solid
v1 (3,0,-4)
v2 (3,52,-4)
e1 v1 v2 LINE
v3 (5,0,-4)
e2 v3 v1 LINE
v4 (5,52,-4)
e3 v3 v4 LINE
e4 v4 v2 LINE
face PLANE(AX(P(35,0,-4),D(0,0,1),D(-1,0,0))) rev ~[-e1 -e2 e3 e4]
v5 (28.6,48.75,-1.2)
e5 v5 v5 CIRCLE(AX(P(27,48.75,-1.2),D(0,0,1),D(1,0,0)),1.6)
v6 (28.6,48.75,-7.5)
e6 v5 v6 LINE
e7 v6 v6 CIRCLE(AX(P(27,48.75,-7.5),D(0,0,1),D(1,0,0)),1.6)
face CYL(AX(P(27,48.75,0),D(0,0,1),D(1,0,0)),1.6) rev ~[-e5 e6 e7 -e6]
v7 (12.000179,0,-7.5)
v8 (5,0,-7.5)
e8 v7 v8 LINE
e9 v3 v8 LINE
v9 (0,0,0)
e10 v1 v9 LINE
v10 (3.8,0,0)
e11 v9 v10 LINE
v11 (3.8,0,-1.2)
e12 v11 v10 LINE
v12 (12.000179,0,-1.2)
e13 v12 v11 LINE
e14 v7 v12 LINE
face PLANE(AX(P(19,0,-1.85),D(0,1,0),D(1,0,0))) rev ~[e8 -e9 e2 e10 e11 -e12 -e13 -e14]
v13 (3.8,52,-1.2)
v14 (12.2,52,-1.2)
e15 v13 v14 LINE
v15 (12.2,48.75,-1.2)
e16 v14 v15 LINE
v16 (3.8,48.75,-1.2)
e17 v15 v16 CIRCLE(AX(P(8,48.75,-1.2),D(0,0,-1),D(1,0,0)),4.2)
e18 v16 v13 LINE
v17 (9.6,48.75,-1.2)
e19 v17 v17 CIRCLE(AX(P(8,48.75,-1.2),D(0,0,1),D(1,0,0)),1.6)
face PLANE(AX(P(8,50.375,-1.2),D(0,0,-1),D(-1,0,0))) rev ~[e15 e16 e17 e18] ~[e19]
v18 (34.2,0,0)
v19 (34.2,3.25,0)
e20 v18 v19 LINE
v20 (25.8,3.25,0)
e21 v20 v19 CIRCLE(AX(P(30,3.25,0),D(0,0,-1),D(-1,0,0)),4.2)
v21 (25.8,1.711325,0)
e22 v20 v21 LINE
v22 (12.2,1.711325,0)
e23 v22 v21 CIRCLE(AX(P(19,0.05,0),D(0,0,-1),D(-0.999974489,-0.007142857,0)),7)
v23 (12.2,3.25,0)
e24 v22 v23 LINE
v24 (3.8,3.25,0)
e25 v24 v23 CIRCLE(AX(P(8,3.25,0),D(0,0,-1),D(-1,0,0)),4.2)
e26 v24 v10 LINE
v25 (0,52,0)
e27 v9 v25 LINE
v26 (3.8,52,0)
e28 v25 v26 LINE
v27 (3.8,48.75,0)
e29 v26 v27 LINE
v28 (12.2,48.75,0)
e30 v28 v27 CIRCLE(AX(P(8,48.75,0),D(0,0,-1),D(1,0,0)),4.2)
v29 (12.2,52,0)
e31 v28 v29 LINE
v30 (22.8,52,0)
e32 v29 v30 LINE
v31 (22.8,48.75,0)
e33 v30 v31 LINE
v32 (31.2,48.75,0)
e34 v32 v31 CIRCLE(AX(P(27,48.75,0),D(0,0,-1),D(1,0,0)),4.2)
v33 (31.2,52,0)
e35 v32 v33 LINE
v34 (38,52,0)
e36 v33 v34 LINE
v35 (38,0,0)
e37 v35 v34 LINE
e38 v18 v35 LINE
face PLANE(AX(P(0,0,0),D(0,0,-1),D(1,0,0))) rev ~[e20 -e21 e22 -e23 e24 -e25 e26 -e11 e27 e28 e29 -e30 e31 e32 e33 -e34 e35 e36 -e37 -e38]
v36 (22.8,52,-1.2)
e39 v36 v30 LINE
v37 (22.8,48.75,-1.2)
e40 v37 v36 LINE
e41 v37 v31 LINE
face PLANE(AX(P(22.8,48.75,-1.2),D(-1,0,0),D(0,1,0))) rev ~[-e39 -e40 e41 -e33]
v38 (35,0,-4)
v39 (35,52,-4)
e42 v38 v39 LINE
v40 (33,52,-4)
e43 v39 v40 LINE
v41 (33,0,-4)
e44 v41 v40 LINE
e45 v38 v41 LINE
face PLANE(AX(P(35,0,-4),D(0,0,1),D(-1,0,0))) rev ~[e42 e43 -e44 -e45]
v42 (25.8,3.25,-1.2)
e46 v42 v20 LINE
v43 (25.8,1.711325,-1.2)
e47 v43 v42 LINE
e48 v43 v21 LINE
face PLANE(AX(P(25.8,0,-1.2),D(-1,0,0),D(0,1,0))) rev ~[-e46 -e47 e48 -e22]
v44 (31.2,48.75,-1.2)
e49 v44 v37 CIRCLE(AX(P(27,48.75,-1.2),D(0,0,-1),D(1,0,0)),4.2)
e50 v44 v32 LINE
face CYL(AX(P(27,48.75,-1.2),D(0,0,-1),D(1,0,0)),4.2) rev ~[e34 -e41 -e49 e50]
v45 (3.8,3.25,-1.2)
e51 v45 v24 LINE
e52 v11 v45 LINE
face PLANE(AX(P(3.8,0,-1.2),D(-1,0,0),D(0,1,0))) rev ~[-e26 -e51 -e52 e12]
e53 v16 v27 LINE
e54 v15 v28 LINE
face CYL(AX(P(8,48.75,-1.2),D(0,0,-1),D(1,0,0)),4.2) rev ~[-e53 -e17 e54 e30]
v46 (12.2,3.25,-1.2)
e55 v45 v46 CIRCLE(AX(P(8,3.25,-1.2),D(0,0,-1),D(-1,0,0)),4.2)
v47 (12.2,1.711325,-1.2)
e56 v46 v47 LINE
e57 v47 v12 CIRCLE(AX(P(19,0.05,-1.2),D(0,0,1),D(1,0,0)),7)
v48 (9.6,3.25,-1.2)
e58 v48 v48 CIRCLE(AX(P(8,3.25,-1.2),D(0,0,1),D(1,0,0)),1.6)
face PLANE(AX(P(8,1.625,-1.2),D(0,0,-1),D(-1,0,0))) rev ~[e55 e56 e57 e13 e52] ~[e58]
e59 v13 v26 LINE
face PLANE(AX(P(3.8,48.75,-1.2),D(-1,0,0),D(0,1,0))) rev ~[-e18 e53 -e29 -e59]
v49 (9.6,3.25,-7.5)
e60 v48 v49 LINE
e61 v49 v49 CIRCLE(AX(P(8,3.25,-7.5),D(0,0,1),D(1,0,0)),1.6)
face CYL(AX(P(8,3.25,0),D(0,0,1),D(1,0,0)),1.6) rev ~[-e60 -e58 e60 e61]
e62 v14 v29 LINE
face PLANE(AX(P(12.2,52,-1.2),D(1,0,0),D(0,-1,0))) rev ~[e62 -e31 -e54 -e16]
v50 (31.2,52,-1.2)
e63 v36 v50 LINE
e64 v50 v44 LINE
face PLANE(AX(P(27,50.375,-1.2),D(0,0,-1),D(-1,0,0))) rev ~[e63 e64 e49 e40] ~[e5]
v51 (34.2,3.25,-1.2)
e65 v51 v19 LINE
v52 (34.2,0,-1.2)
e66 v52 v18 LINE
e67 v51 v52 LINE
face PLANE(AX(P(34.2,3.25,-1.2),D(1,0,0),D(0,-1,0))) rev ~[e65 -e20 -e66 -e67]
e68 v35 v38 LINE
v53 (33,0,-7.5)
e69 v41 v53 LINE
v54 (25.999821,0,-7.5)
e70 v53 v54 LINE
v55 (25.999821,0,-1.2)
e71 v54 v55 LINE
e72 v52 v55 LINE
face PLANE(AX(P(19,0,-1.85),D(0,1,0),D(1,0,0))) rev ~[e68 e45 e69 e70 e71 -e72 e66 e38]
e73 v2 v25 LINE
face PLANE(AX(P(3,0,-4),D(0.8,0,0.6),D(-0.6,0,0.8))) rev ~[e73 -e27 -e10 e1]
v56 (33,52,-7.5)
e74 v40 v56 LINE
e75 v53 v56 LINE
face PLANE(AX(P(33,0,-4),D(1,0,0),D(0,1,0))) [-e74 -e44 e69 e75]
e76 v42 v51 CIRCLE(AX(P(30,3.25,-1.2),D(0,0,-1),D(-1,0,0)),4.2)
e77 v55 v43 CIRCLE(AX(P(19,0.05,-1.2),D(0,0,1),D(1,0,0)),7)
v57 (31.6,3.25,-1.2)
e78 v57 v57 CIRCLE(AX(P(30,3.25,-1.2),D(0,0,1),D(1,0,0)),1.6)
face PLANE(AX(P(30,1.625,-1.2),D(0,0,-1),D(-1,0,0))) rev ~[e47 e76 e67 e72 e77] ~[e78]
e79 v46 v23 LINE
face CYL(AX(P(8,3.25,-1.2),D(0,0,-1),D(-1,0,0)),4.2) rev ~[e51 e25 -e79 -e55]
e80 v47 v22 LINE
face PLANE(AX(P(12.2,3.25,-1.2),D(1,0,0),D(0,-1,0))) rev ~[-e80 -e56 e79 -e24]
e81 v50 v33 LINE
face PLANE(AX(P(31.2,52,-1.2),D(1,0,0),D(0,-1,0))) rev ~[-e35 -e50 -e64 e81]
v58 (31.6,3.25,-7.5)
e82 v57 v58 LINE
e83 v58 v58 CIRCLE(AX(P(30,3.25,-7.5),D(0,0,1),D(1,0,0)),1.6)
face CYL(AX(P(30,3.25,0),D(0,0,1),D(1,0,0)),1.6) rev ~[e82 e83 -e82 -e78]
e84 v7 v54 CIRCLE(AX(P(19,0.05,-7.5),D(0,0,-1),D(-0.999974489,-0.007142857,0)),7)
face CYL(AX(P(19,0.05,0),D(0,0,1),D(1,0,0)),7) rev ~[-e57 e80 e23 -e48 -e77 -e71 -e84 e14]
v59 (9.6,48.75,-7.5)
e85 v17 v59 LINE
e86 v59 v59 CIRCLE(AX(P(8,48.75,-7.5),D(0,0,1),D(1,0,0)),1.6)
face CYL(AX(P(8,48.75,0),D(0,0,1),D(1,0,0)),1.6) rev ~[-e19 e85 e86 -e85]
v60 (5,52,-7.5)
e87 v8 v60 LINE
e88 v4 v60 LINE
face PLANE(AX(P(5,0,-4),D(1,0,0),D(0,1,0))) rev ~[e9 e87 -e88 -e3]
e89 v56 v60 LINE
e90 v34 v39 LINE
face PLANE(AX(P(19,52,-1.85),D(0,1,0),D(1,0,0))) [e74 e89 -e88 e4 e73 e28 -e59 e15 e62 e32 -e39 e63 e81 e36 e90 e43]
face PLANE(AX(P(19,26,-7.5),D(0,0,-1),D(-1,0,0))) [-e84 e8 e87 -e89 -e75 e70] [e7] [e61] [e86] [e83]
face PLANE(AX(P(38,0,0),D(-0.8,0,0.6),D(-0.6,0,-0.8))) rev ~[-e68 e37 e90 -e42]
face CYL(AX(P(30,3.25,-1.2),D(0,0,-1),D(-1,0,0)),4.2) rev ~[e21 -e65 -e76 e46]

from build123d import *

# Parameters (mm, degrees)
EXTRUDE_1_DEPTH     = 52
SKETCH_3_W          = 28
SKETCH_3_H          = 52
EXTRUDE_2_DEPTH     = 3.5
CUT_EXTRUDE_1_REACH = 66.84
SKETCH_4_R          = 1.6
SKETCH_6_R          = 7
CUT_EXTRUDE_2_DEPTH = 65.840188155
SKETCH_7_R          = 4
CUT_EXTRUDE_3_DEPTH = 1.2
CUT_EXTRUDE_4_REACH = 66.712


with BuildPart() as part:
    # 草图2 → 凸台-拉伸1 (new body)
    with BuildSketch(Plane(origin=(0, 0, 0), x_dir=(1, 0, 0), z_dir=(0, 1, 0))):
        Polygon((0, 0), (38, 0), (35, 4), (3, 4), align=None)
    extrude(amount=EXTRUDE_1_DEPTH)

    # 草图3 → 凸台-拉伸2 (add)
    with BuildSketch(Plane(origin=(0, 0, -4), x_dir=(-1, 0, 0), z_dir=(0, 0, -1))):
        with Locations((-19, 26)):
            Rectangle(SKETCH_3_W, SKETCH_3_H)
    extrude(amount=EXTRUDE_2_DEPTH)

    # 草图4 → 切除-拉伸1 (cut, up to next)
    with BuildSketch(Plane.XY, mode=Mode.PRIVATE) as cut_extrude_1_sk1:
        with Locations((8, 3.25)):
            Circle(SKETCH_4_R)
    cut_extrude_1_tool1 = extrude(cut_extrude_1_sk1.sketch, amount=-CUT_EXTRUDE_1_REACH, mode=Mode.PRIVATE) & part.part
    # 草图4 → 切除-拉伸1 (cut, up to next)
    with BuildSketch(Plane.XY, mode=Mode.PRIVATE) as cut_extrude_1_sk2:
        with Locations((30, 3.25)):
            Circle(SKETCH_4_R)
    cut_extrude_1_tool2 = extrude(cut_extrude_1_sk2.sketch, amount=-CUT_EXTRUDE_1_REACH, mode=Mode.PRIVATE) & part.part
    # 草图4 → 切除-拉伸1 (cut, up to next)
    with BuildSketch(Plane.XY, mode=Mode.PRIVATE) as cut_extrude_1_sk3:
        with Locations((8, 48.75)):
            Circle(SKETCH_4_R)
    cut_extrude_1_tool3 = extrude(cut_extrude_1_sk3.sketch, amount=-CUT_EXTRUDE_1_REACH, mode=Mode.PRIVATE) & part.part
    # 草图4 → 切除-拉伸1 (cut, up to next)
    with BuildSketch(Plane.XY, mode=Mode.PRIVATE) as cut_extrude_1_sk4:
        with Locations((27, 48.75)):
            Circle(SKETCH_4_R)
    cut_extrude_1_tool4 = extrude(cut_extrude_1_sk4.sketch, amount=-CUT_EXTRUDE_1_REACH, mode=Mode.PRIVATE) & part.part
    add(cut_extrude_1_tool1.solids().sort_by_distance((8, 3.25, 0))[0], mode=Mode.SUBTRACT)
    add(cut_extrude_1_tool2.solids().sort_by_distance((30, 3.25, 0))[0], mode=Mode.SUBTRACT)
    add(cut_extrude_1_tool3.solids().sort_by_distance((8, 48.75, 0))[0], mode=Mode.SUBTRACT)
    add(cut_extrude_1_tool4.solids().sort_by_distance((27, 48.75, 0))[0], mode=Mode.SUBTRACT)

    # 草图6 → 切除-拉伸2 (cut, through all)
    with BuildSketch(Plane.XY):
        with Locations((19, 0.05)):
            Circle(SKETCH_6_R)
    extrude(amount=-CUT_EXTRUDE_2_DEPTH, mode=Mode.SUBTRACT)

    # 草图7 → 切除-拉伸3 (cut)
    with BuildSketch(Plane.XY):
        with Locations((8, 48.75)):
            Circle(SKETCH_7_R)
        with Locations((27, 48.75)):
            Circle(SKETCH_7_R)
        with Locations((8, 3.25)):
            Circle(SKETCH_7_R)
        with Locations((30, 3.25)):
            Circle(SKETCH_7_R)
    extrude(amount=-CUT_EXTRUDE_3_DEPTH, mode=Mode.SUBTRACT)

    # 草图8 → 切除-拉伸4 (cut, up to next)
    with BuildSketch(Plane.XY.offset(-1.2), mode=Mode.PRIVATE) as cut_extrude_4_sk1:
        with BuildLine():
            Line((3.8, 48.75), (3.8, 52))
            ThreePointArc((3.8, 52), (8, 56.2), (12.2, 52))
            Line((12.2, 52), (12.2, 48.75))
            ThreePointArc((12.2, 48.75), (8, 44.55), (3.8, 48.75))
        make_face()
    cut_extrude_4_tool1 = extrude(cut_extrude_4_sk1.sketch, amount=CUT_EXTRUDE_4_REACH, mode=Mode.PRIVATE) & part.part
    # 草图8 → 切除-拉伸4 (cut, up to next)
    with BuildSketch(Plane.XY.offset(-1.2), mode=Mode.PRIVATE) as cut_extrude_4_sk2:
        with BuildLine():
            Line((22.8, 48.75), (22.8, 52))
            ThreePointArc((22.8, 52), (27, 56.2), (31.2, 52))
            Line((31.2, 52), (31.2, 48.75))
            ThreePointArc((31.2, 48.75), (27, 44.55), (22.8, 48.75))
        make_face()
    cut_extrude_4_tool2 = extrude(cut_extrude_4_sk2.sketch, amount=CUT_EXTRUDE_4_REACH, mode=Mode.PRIVATE) & part.part
    # 草图8 → 切除-拉伸4 (cut, up to next)
    with BuildSketch(Plane.XY.offset(-1.2), mode=Mode.PRIVATE) as cut_extrude_4_sk3:
        with BuildLine():
            Line((12.2, 3.25), (12.2, 0))
            ThreePointArc((12.2, 0), (8, -4.2), (3.8, 0))
            Line((3.8, 0), (3.8, 3.25))
            ThreePointArc((3.8, 3.25), (8, 7.45), (12.2, 3.25))
        make_face()
    cut_extrude_4_tool3 = extrude(cut_extrude_4_sk3.sketch, amount=CUT_EXTRUDE_4_REACH, mode=Mode.PRIVATE) & part.part
    # 草图8 → 切除-拉伸4 (cut, up to next)
    with BuildSketch(Plane.XY.offset(-1.2), mode=Mode.PRIVATE) as cut_extrude_4_sk4:
        with BuildLine():
            Line((34.2, 3.25), (34.2, 0))
            ThreePointArc((34.2, 0), (30, -4.2), (25.8, 0))
            Line((25.8, 0), (25.8, 3.25))
            ThreePointArc((25.8, 3.25), (30, 7.45), (34.2, 3.25))
        make_face()
    cut_extrude_4_tool4 = extrude(cut_extrude_4_sk4.sketch, amount=CUT_EXTRUDE_4_REACH, mode=Mode.PRIVATE) & part.part
    add(cut_extrude_4_tool1.solids().sort_by_distance((8, 50.375, -1.2))[0], mode=Mode.SUBTRACT)
    add(cut_extrude_4_tool2.solids().sort_by_distance((27, 50.375, -1.2))[0], mode=Mode.SUBTRACT)
    add(cut_extrude_4_tool3.solids().sort_by_distance((8, 1.625, -1.2))[0], mode=Mode.SUBTRACT)
    add(cut_extrude_4_tool4.solids().sort_by_distance((30, 1.625, -1.2))[0], mode=Mode.SUBTRACT)


solid = part.part
